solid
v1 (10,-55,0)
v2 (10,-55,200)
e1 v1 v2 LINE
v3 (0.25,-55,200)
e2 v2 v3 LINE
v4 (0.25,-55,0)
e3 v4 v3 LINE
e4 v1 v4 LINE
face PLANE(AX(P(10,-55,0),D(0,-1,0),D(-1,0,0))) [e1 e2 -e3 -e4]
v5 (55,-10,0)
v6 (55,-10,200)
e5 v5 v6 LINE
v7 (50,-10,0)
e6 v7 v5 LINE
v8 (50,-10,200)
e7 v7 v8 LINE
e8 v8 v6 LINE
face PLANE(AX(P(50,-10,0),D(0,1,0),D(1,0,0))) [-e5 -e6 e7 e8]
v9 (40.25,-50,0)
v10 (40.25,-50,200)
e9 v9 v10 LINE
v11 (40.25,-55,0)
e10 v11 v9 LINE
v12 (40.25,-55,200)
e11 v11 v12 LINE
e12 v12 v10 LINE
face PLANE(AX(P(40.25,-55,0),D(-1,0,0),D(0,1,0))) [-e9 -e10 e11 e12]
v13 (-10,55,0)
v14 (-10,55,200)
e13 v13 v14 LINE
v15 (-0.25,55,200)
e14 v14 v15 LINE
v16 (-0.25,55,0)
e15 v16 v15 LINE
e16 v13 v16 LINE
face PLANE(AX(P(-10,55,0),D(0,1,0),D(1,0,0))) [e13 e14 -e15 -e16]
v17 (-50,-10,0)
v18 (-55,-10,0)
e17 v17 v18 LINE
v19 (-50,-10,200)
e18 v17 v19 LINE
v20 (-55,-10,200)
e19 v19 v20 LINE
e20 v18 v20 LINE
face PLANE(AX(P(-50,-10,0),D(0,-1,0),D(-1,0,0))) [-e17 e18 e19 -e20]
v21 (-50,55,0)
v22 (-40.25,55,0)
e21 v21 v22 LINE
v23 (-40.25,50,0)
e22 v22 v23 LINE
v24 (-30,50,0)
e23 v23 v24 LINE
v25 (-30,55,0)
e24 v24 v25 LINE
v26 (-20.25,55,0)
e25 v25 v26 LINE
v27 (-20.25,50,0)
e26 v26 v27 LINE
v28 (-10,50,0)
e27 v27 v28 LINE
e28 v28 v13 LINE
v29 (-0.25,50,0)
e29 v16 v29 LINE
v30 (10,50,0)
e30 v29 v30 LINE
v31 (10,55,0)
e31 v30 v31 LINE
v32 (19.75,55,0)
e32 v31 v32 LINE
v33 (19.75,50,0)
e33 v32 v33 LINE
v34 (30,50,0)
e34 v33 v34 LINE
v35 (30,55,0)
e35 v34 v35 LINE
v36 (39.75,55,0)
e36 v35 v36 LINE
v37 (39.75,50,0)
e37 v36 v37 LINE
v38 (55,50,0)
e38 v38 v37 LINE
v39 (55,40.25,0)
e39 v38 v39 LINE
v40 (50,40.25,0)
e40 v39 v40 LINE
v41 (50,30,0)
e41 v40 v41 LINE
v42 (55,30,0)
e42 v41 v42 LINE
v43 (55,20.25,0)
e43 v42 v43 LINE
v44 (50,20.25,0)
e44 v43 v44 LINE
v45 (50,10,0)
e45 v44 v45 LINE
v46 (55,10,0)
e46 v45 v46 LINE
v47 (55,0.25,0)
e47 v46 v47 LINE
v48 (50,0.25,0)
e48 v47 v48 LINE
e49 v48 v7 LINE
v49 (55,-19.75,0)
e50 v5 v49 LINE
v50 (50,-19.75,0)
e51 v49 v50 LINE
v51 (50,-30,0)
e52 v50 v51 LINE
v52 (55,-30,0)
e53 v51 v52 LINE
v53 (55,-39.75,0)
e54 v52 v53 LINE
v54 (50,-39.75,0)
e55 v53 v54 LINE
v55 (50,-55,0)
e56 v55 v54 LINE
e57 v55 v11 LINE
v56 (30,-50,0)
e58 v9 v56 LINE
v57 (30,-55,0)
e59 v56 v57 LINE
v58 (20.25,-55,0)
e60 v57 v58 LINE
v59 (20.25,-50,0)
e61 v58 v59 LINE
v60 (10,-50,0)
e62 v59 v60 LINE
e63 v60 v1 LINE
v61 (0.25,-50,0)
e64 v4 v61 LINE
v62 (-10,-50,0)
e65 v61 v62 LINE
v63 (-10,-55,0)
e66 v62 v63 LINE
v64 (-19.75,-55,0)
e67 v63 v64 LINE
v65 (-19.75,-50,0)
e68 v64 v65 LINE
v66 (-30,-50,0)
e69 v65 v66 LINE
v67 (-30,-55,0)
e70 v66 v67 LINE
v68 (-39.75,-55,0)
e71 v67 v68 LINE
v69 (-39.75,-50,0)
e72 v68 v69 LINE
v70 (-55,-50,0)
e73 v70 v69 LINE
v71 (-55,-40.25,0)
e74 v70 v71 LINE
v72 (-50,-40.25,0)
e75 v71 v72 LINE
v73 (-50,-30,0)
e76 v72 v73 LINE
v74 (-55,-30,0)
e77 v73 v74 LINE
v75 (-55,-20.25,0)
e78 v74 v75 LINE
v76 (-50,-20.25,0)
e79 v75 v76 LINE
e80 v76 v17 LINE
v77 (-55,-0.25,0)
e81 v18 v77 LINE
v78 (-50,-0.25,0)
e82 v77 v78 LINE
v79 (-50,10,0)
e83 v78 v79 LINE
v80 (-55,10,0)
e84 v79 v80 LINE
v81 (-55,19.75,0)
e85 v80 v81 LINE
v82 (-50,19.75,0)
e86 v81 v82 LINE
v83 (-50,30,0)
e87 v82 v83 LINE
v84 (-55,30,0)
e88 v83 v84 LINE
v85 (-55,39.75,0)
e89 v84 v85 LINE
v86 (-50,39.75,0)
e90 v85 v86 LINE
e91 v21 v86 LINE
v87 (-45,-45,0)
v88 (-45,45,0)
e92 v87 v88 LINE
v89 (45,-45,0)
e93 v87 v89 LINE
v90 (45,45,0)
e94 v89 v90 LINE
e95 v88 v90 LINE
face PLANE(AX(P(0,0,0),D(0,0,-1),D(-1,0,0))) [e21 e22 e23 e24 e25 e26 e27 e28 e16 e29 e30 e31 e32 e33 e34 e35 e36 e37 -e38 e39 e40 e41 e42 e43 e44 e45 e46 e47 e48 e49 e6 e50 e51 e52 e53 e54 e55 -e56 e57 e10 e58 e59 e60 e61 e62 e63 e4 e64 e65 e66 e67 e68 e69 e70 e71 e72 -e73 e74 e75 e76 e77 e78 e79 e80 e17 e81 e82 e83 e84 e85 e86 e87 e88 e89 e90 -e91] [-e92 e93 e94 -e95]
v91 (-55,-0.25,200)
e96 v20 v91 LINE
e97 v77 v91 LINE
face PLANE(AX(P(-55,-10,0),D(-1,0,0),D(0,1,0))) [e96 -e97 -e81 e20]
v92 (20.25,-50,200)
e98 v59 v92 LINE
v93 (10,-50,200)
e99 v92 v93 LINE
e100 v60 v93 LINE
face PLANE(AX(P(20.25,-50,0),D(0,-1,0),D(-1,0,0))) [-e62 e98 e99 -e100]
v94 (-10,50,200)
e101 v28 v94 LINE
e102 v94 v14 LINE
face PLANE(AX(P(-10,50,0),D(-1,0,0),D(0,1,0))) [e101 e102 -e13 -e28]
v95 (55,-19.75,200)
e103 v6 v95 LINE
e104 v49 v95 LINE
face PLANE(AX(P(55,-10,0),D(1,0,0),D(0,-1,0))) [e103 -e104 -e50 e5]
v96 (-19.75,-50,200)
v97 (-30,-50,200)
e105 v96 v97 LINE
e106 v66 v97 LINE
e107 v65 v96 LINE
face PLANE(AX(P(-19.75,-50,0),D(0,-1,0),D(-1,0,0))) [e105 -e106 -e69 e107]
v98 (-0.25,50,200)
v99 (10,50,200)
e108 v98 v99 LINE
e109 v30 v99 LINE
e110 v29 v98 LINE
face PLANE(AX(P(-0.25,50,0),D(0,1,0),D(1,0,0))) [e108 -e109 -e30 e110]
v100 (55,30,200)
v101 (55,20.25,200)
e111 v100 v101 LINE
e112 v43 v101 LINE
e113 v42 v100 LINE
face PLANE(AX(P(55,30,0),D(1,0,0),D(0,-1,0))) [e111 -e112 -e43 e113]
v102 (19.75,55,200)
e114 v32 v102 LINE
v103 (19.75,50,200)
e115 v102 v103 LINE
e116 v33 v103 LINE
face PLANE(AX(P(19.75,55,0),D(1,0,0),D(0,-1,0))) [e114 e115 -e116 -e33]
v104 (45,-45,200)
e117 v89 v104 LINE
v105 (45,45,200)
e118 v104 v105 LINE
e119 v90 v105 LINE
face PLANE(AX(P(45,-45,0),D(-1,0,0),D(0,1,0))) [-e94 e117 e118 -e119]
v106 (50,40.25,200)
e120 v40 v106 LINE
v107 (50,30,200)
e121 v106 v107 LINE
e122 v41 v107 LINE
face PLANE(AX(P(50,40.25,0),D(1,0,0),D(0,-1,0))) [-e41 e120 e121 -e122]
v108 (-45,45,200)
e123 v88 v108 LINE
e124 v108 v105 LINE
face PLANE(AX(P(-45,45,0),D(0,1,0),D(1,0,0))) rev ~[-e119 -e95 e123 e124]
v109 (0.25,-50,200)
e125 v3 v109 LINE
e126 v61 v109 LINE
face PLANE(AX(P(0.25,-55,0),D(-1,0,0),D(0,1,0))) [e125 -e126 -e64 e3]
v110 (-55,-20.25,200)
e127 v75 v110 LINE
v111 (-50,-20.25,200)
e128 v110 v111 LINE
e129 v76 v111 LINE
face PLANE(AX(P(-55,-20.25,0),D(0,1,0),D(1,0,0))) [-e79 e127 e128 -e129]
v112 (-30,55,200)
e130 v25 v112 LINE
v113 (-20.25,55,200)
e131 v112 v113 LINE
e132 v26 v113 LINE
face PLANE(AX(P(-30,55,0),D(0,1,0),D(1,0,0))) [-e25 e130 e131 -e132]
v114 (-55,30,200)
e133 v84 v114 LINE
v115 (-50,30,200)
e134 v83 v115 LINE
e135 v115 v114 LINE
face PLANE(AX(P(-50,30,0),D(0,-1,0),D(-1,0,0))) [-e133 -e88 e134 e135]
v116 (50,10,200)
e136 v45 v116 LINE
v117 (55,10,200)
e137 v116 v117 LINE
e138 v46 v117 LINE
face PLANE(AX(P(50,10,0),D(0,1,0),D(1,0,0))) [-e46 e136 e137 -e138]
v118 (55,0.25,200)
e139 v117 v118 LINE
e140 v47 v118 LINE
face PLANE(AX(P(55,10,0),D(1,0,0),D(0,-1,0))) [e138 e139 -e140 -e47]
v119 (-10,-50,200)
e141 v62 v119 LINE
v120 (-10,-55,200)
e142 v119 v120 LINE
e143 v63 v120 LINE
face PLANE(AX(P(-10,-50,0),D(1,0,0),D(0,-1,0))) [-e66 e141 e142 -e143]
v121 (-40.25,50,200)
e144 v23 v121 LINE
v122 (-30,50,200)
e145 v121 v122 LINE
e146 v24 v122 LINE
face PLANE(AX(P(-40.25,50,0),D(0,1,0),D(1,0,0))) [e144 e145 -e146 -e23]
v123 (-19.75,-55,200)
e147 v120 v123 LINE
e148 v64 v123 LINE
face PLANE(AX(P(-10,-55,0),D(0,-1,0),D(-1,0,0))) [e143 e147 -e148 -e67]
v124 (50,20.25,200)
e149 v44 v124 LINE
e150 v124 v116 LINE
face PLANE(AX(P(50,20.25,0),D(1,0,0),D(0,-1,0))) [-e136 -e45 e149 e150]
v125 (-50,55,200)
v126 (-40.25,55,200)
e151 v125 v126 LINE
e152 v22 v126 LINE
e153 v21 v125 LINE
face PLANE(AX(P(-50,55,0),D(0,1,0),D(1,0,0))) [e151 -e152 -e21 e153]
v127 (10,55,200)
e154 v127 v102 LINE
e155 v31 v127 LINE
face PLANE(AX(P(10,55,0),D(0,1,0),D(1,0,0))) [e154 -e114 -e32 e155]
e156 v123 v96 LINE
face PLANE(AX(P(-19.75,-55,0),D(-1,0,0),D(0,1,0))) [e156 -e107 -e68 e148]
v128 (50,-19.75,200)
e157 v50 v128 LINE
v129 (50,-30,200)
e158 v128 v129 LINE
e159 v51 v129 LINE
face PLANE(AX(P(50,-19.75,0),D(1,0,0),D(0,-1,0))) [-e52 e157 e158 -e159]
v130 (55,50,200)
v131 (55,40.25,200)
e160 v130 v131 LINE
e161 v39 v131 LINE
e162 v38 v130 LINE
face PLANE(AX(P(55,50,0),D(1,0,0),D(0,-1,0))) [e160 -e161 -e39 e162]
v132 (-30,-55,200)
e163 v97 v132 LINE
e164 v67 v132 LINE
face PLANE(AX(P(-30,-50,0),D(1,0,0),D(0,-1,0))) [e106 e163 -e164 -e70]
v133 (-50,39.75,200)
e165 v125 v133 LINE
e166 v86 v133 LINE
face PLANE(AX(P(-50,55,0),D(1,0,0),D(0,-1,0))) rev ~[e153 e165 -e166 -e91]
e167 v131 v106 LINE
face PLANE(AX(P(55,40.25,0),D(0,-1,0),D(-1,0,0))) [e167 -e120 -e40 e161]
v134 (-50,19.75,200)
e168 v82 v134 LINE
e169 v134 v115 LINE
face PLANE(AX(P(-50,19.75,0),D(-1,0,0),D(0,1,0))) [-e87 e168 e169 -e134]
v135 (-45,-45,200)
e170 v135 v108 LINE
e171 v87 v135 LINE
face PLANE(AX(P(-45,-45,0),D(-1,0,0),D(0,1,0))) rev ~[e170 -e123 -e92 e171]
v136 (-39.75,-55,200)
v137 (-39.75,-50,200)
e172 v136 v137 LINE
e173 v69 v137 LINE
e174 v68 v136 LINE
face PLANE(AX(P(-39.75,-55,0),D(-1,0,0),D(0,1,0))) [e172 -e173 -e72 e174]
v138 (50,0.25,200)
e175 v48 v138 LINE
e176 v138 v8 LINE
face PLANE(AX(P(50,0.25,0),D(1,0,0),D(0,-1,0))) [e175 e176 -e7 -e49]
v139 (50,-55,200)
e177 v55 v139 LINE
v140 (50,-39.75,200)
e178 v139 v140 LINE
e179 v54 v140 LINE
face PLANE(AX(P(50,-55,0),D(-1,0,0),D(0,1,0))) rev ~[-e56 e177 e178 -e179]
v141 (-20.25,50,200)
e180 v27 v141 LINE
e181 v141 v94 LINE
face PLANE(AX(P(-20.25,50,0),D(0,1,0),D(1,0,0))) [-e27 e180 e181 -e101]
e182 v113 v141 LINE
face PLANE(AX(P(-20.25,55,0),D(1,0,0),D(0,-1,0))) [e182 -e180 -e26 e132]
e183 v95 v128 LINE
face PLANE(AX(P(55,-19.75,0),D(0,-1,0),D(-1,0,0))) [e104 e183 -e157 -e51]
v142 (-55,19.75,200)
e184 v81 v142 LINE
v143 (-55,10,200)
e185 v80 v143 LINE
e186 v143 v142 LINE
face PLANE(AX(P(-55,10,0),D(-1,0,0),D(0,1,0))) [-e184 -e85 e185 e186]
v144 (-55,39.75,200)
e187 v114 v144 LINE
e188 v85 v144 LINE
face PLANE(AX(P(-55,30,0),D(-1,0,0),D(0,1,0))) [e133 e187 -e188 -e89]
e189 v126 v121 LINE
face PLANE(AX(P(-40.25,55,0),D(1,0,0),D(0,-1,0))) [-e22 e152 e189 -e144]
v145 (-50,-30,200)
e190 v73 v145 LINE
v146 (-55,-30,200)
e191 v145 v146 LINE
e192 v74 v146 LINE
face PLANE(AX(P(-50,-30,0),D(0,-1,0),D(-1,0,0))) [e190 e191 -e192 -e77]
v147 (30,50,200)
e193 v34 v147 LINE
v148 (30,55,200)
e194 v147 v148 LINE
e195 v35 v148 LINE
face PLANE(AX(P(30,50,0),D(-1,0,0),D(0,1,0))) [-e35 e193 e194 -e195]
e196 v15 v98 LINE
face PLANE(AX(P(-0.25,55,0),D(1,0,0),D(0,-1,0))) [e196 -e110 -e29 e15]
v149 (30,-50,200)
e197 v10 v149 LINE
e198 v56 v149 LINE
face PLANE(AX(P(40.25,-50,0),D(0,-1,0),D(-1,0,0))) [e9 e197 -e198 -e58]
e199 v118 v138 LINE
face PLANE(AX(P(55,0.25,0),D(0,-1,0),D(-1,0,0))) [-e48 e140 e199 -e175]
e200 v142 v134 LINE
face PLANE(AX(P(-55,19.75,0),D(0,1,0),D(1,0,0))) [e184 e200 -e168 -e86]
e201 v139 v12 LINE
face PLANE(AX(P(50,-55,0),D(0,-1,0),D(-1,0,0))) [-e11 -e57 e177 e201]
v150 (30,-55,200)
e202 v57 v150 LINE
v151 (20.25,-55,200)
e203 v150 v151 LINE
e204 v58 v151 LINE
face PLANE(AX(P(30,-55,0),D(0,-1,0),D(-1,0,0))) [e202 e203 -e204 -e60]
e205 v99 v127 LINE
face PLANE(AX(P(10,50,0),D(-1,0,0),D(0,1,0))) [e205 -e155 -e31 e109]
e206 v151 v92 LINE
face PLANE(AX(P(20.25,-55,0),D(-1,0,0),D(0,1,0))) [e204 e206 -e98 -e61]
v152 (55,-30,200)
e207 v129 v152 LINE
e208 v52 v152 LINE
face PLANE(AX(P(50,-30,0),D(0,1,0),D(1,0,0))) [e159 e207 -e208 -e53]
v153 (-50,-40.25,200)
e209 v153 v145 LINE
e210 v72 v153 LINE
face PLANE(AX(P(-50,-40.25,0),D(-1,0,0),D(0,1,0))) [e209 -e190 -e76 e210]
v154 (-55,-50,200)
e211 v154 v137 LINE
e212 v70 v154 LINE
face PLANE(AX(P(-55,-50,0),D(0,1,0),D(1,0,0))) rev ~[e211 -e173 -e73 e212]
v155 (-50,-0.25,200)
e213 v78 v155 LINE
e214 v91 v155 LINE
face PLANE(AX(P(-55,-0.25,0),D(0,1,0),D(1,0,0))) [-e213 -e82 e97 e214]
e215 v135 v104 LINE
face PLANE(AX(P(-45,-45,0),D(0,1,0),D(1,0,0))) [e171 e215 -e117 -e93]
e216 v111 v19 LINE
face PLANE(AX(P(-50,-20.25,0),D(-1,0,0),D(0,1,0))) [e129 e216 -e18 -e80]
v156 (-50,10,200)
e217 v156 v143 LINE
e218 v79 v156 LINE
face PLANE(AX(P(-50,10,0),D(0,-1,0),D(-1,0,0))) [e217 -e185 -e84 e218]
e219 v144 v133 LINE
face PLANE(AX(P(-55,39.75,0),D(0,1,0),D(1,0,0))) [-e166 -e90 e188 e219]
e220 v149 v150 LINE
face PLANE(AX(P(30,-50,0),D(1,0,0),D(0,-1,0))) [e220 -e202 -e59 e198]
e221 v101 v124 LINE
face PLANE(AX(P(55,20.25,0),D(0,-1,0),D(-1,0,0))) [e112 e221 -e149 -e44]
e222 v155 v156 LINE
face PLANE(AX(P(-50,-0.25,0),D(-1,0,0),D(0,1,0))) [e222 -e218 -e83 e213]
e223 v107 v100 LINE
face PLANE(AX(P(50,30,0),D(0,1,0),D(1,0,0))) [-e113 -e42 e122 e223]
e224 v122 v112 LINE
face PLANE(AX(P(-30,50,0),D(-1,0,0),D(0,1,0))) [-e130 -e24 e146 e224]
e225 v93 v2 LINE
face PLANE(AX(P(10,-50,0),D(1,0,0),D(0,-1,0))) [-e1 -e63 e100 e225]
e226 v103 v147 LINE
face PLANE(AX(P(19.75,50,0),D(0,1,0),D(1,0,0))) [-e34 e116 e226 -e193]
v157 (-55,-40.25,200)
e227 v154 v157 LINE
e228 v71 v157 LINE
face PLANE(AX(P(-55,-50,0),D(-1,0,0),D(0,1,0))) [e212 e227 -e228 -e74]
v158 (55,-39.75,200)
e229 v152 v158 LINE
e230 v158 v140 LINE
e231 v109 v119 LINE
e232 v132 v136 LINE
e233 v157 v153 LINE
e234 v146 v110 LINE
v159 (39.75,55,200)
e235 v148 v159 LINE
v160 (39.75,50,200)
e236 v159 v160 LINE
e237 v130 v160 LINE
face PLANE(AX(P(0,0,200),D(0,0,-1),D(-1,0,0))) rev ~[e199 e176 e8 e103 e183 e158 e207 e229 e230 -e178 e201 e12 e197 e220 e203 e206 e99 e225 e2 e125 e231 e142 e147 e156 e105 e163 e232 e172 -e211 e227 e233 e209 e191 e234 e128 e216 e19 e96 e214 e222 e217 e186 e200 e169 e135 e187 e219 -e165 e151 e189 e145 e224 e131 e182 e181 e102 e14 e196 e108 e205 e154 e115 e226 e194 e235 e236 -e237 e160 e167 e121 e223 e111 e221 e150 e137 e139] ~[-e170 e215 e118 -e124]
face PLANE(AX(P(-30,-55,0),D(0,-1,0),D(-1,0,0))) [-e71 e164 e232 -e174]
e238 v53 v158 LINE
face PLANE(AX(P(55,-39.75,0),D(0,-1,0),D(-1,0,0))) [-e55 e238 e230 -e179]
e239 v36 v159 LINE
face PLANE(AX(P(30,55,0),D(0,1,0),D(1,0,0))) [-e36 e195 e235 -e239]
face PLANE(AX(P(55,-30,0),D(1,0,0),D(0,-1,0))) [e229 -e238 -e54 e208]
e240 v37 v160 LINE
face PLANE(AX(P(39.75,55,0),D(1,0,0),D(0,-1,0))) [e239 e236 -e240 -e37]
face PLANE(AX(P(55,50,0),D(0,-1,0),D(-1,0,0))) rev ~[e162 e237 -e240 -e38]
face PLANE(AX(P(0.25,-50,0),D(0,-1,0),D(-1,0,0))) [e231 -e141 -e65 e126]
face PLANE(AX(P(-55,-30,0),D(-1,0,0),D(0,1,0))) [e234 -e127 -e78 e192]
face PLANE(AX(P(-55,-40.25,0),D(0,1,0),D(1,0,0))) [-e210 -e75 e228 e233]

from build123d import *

# Parameters (mm, degrees)
SKETCH_W  = 90
SKETCH_H  = 90
PAD_DEPTH = 200


with BuildPart() as part:
    # Sketch → Pad (new body)
    with BuildSketch(Plane.XY):
        Polygon((-50, 55), (-40.25, 55), (-40.25, 50), (-30, 50), (-30, 55), (-20.25, 55), (-20.25, 50), (-10, 50), (-10, 55), (-0.25, 55), (-0.25, 50), (10, 50), (10, 55), (19.75, 55), (19.75, 50), (30, 50), (30, 55), (39.75, 55), (39.75, 50), (50, 50), (55, 50), (55, 40.25), (50, 40.25), (50, 30), (55, 30), (55, 20.25), (50, 20.25), (50, 10), (55, 10), (55, 0.25), (50, 0.25), (50, -10), (55, -10), (55, -19.75), (50, -19.75), (50, -30), (55, -30), (55, -39.75), (50, -39.75), (50, -50), (50, -55), (40.25, -55), (40.25, -50), (30, -50), (30, -55), (20.25, -55), (20.25, -50), (10, -50), (10, -55), (0.25, -55), (0.25, -50), (-10, -50), (-10, -55), (-19.75, -55), (-19.75, -50), (-30, -50), (-30, -55), (-39.75, -55), (-39.75, -50), (-50, -50), (-55, -50), (-55, -40.25), (-50, -40.25), (-50, -30), (-55, -30), (-55, -20.25), (-50, -20.25), (-50, -10), (-55, -10), (-55, -0.25), (-50, -0.25), (-50, 10), (-55, 10), (-55, 19.75), (-50, 19.75), (-50, 30), (-55, 30), (-55, 39.75), (-50, 39.75), (-50, 50), align=None)
        Rectangle(SKETCH_W, SKETCH_H, mode=Mode.SUBTRACT)
    extrude(amount=PAD_DEPTH)


solid = part.part
